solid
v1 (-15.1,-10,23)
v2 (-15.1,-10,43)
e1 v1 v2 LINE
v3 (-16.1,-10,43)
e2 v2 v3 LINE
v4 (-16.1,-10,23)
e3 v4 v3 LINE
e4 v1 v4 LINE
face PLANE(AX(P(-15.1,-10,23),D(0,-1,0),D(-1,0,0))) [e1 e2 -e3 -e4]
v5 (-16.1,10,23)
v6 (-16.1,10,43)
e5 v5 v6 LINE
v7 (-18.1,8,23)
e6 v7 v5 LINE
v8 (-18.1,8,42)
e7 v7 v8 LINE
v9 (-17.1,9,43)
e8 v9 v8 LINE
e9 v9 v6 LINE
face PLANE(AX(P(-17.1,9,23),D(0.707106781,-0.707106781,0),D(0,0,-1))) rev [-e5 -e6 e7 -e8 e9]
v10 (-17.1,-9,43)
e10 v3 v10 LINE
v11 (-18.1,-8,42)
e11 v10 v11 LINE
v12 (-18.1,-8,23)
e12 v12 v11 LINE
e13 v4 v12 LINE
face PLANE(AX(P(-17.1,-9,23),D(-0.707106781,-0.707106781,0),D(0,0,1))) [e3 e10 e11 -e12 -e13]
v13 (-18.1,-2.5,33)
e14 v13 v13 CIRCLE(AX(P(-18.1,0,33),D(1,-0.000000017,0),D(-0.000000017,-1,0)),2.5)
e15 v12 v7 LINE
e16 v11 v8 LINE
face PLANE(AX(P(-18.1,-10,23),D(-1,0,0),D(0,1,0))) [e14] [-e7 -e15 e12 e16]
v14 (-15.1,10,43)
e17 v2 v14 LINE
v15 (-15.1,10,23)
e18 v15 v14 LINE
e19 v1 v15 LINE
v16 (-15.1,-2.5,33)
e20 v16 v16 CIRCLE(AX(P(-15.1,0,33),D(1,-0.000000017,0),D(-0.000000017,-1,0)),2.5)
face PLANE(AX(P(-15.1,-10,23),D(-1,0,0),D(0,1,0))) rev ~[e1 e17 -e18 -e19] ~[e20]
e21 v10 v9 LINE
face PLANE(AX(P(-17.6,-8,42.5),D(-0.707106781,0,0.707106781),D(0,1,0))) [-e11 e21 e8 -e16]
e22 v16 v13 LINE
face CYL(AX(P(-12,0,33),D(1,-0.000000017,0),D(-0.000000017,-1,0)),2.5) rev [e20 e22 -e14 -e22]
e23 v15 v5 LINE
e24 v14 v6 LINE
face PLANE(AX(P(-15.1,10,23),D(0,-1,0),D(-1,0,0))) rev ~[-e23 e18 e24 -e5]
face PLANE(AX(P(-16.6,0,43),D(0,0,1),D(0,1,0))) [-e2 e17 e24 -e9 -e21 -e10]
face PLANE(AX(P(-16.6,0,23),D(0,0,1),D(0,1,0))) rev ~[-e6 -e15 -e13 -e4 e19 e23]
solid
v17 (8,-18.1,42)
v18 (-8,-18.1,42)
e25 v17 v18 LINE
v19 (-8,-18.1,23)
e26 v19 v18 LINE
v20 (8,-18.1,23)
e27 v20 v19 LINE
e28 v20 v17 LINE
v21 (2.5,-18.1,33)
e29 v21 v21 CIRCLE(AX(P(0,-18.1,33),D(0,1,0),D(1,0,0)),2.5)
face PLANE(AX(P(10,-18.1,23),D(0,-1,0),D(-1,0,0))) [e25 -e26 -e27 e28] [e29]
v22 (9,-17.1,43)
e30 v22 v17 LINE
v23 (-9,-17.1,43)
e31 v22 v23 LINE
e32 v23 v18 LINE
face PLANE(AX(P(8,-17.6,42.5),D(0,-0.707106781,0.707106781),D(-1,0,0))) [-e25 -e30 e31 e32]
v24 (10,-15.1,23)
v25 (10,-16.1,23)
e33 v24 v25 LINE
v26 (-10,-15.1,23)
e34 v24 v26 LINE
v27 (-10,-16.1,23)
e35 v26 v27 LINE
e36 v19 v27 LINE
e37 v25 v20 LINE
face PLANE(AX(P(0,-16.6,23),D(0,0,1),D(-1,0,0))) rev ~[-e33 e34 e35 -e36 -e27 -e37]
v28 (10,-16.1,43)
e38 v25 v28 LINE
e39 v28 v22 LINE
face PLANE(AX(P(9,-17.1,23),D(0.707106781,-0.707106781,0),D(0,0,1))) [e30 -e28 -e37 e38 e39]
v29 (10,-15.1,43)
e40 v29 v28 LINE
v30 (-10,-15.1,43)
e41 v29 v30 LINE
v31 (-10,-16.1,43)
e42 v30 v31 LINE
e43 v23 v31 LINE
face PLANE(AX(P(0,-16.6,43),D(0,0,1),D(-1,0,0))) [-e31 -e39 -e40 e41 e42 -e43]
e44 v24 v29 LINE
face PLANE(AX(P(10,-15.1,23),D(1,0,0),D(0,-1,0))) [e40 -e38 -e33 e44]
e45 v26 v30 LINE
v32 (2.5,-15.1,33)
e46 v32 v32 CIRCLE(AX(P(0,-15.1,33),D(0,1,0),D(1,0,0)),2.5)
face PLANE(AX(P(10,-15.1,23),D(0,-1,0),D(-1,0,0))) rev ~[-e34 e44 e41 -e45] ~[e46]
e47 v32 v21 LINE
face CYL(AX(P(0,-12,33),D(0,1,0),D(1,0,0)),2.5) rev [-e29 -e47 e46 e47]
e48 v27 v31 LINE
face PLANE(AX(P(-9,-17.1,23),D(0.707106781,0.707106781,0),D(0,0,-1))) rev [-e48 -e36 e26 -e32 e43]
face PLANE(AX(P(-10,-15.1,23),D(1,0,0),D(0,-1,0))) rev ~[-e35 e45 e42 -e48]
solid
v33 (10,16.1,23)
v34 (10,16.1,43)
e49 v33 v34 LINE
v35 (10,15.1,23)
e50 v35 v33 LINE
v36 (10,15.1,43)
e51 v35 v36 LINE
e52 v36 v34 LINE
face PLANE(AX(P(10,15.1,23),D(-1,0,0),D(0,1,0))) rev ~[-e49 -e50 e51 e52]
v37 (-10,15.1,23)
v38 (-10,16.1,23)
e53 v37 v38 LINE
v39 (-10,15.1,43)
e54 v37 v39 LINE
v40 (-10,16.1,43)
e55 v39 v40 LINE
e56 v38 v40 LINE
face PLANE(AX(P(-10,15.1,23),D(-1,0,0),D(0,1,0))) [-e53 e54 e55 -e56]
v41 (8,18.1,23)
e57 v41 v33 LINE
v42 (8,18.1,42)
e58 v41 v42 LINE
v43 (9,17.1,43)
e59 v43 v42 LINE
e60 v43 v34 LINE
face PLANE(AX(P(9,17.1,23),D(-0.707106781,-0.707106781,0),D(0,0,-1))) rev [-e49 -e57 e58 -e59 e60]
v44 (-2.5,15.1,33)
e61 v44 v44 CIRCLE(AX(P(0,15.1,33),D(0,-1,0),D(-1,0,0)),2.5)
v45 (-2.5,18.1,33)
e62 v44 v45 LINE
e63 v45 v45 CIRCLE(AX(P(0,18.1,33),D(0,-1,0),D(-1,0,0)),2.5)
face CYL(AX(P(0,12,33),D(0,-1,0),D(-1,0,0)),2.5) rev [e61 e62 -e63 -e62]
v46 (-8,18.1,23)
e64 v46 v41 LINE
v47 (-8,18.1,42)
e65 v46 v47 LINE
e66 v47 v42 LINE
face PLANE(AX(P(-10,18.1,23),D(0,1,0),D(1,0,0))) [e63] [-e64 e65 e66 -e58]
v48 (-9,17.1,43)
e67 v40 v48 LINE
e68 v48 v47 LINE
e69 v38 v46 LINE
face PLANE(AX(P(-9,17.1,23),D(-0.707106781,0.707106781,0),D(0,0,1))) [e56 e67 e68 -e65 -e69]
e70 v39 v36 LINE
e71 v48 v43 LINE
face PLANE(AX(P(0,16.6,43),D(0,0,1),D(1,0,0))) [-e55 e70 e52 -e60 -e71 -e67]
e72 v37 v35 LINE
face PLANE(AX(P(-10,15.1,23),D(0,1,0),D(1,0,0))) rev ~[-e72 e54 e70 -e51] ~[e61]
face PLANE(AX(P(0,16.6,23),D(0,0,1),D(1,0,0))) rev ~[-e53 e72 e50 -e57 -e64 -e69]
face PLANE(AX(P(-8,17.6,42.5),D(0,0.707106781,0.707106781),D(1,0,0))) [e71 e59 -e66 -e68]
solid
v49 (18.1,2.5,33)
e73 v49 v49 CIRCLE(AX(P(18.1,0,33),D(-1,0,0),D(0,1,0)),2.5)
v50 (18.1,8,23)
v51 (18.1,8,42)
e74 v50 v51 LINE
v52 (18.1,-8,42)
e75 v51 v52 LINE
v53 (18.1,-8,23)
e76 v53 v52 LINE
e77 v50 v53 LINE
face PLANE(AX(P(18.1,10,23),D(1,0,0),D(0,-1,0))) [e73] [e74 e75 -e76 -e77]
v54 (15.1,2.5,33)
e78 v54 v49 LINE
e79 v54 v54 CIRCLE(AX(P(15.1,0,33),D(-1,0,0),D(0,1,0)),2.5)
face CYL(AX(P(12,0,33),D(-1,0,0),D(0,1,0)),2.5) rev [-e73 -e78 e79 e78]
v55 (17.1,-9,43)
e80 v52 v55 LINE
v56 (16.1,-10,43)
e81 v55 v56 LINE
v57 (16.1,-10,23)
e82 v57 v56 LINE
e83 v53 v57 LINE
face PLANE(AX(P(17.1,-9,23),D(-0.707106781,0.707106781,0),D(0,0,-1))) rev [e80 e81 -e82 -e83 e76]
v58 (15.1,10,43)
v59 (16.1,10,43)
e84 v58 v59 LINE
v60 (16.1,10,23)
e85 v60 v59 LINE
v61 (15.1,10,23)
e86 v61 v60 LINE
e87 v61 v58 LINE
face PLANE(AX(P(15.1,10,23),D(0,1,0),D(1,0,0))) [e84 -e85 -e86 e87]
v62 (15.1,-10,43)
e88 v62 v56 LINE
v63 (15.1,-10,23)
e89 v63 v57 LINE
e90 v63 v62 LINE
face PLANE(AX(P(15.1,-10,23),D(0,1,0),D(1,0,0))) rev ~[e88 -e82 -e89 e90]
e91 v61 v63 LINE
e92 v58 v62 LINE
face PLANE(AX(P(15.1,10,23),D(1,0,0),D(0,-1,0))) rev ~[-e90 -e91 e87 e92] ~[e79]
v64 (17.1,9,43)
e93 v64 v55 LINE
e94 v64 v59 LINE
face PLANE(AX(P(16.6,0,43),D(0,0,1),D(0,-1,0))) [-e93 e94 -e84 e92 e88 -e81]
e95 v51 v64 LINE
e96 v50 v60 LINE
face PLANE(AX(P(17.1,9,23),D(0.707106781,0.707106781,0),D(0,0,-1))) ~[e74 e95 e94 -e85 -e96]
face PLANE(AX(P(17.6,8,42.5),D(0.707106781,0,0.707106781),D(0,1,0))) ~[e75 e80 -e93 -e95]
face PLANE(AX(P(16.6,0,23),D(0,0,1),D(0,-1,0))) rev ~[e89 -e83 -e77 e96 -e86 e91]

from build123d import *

# Parameters (mm, degrees)
CYLINDER1802_R               = 2.5
CYLINDER1802_DEPTH           = 10
CYLINDER1803_R               = 2.5
CYLINDER1803_DEPTH           = 10
CYLINDER1803_ROLL_ANGLE      = 90
CYLINDER1803_PLACEMENT_ANGLE = 180
CYLINDER1804_R               = 2.5
CYLINDER1804_DEPTH           = 10
CYLINDER1804_ROLL_ANGLE      = 90
CYLINDER1804_PITCH_ANGLE     = 0
CYLINDER1804_PLACEMENT_ANGLE = -90.000001
CYLINDER1801_R               = 2.5
CYLINDER1801_DEPTH           = 10
BOX714_W                     = 20
BOX714_H                     = 3
BOX714_DEPTH                 = 20
BOX715_W                     = 20
BOX715_H                     = 3
BOX715_DEPTH                 = 20
BOX716_W                     = 20
BOX716_H                     = 3
BOX716_DEPTH                 = 20
BOX713_W                     = 20
BOX713_H                     = 3
BOX713_DEPTH                 = 20
CHAMFER063_SIZE              = 2
CHAMFER064_SIZE              = 2
CHAMFER065_SIZE              = 1


with BuildPart() as v_lec1802:
    # Cylinder1802 → Cylinder1802 (new body)
    with BuildSketch(Plane(origin=(12, 0, 30), x_dir=(0, 1, 0), z_dir=(1, 0, 0))):
        Circle(CYLINDER1802_R)
    extrude(amount=CYLINDER1802_DEPTH)


with BuildPart() as v_lec1803:
    # Cylinder1803 → Cylinder1803 (new body)
    with BuildSketch(Plane.XY):
        Circle(CYLINDER1803_R)
    extrude(amount=CYLINDER1803_DEPTH)


with BuildPart() as v_lec1803_1:
    # Cylinder1803 roll: moved
    add(v_lec1803.part.rotate(Axis((0, 0, 0), (1, 0, 0)), CYLINDER1803_ROLL_ANGLE))


with BuildPart() as v_lec1803_2:
    # Cylinder1803 placement: moved
    add(v_lec1803_1.part.moved(Location((0, 12, 30))).rotate(Axis((0, 12, 30), (0, 0, 1)), CYLINDER1803_PLACEMENT_ANGLE))


with BuildPart() as v_lec1804:
    # Cylinder1804 → Cylinder1804 (new body)
    with BuildSketch(Plane.XY):
        Circle(CYLINDER1804_R)
    extrude(amount=CYLINDER1804_DEPTH)


with BuildPart() as v_lec1804_1:
    # Cylinder1804 roll: moved
    add(v_lec1804.part.rotate(Axis((0, 0, 0), (1, 0, 0)), CYLINDER1804_ROLL_ANGLE))


with BuildPart() as v_lec1804_2:
    # Cylinder1804 pitch: moved
    add(v_lec1804_1.part.rotate(Axis((0, 0, 0), (0, 1, 0)), CYLINDER1804_PITCH_ANGLE))


with BuildPart() as v_lec1804_3:
    # Cylinder1804 placement: moved
    add(v_lec1804_2.part.moved(Location((-12, 0, 30))).rotate(Axis((-12, 0, 30), (0, 0, 1)), CYLINDER1804_PLACEMENT_ANGLE))


with BuildPart() as compound894:
    # Cylinder1801 → Cylinder1801 (new body)
    with BuildSketch(Plane(origin=(0, -12, 30), x_dir=(1, 0, 0), z_dir=(0, -1, 0))):
        Circle(CYLINDER1801_R)
    extrude(amount=CYLINDER1801_DEPTH)

    # Compound894: union Válec1802, Válec1803, Válec1804
    add(v_lec1802.part)
    add(v_lec1803_2.part)
    add(v_lec1804_3.part)


with BuildPart() as compound894_1:
    # Compound894 placement: moved
    add(compound894.part.moved(Location((0, 0, -2))))


with BuildPart() as krychle714:
    # Box714 → Box714 (new body)
    with BuildSketch(Plane(origin=(-15.1, -10, 20), x_dir=(0, 1, 0), z_dir=(0, 0, 1))):
        with Locations((10, 1.5)):
            Rectangle(BOX714_W, BOX714_H)
    extrude(amount=BOX714_DEPTH)


with BuildPart() as krychle715:
    # Box715 → Box715 (new body)
    with BuildSketch(Plane(origin=(10, -15.1, 20), x_dir=(-1, 0, 0), z_dir=(0, 0, 1))):
        with Locations((10, 1.5)):
            Rectangle(BOX715_W, BOX715_H)
    extrude(amount=BOX715_DEPTH)


with BuildPart() as krychle716:
    # Box716 → Box716 (new body)
    with BuildSketch(Plane(origin=(15.1, 10, 20), x_dir=(0, -1, 0), z_dir=(0, 0, 1))):
        with Locations((10, 1.5)):
            Rectangle(BOX716_W, BOX716_H)
    extrude(amount=BOX716_DEPTH)


with BuildPart() as chamfer065:
    # Box713 → Box713 (new body)
    with BuildSketch(Plane(origin=(-10, 15.1, 20), x_dir=(1, 0, 0), z_dir=(0, 0, 1))):
        with Locations((10, 1.5)):
            Rectangle(BOX713_W, BOX713_H)
    extrude(amount=BOX713_DEPTH)

    # Compound893: union Krychle714, Krychle715, Krychle716
    add(krychle714.part)
    add(krychle715.part)
    add(krychle716.part)


with BuildPart() as chamfer065_1:
    # Compound893 placement: moved
    add(chamfer065.part.moved(Location((0, 0, -2))))

    # Cut530: cut Compound894
    add(compound894_1.part, mode=Mode.SUBTRACT)


with BuildPart() as chamfer065_2:
    # Cut530 placement: moved
    add(chamfer065_1.part.moved(Location((0, 0, 5))))

    # Chamfer063
    chamfer063_edges = [chamfer065_2.edges().sort_by_distance(p)[0] for p in [
        (-18.1, -10, 33),
        (-18.1, 10, 33),
        (10, -18.1, 33),
        (-10, -18.1, 33),
        (18.1, -10, 33),
    ]]
    chamfer(chamfer063_edges, length=CHAMFER063_SIZE)

    # Chamfer064
    chamfer064_edges = [chamfer065_2.edges().sort_by_distance(p)[0] for p in [
        (18.1, 10, 33),
        (-10, 18.1, 33),
        (10, 18.1, 33),
    ]]
    chamfer(chamfer064_edges, length=CHAMFER064_SIZE)

    # Chamfer065
    chamfer065_edges = [chamfer065_2.edges().sort_by_distance(p)[0] for p in [
        (18.1, 0, 43),
        (0, 18.1, 43),
        (-18.1, 0, 43),
        (0, -18.1, 43),
    ]]
    chamfer(chamfer065_edges, length=CHAMFER065_SIZE)


solid = chamfer065_2.part
